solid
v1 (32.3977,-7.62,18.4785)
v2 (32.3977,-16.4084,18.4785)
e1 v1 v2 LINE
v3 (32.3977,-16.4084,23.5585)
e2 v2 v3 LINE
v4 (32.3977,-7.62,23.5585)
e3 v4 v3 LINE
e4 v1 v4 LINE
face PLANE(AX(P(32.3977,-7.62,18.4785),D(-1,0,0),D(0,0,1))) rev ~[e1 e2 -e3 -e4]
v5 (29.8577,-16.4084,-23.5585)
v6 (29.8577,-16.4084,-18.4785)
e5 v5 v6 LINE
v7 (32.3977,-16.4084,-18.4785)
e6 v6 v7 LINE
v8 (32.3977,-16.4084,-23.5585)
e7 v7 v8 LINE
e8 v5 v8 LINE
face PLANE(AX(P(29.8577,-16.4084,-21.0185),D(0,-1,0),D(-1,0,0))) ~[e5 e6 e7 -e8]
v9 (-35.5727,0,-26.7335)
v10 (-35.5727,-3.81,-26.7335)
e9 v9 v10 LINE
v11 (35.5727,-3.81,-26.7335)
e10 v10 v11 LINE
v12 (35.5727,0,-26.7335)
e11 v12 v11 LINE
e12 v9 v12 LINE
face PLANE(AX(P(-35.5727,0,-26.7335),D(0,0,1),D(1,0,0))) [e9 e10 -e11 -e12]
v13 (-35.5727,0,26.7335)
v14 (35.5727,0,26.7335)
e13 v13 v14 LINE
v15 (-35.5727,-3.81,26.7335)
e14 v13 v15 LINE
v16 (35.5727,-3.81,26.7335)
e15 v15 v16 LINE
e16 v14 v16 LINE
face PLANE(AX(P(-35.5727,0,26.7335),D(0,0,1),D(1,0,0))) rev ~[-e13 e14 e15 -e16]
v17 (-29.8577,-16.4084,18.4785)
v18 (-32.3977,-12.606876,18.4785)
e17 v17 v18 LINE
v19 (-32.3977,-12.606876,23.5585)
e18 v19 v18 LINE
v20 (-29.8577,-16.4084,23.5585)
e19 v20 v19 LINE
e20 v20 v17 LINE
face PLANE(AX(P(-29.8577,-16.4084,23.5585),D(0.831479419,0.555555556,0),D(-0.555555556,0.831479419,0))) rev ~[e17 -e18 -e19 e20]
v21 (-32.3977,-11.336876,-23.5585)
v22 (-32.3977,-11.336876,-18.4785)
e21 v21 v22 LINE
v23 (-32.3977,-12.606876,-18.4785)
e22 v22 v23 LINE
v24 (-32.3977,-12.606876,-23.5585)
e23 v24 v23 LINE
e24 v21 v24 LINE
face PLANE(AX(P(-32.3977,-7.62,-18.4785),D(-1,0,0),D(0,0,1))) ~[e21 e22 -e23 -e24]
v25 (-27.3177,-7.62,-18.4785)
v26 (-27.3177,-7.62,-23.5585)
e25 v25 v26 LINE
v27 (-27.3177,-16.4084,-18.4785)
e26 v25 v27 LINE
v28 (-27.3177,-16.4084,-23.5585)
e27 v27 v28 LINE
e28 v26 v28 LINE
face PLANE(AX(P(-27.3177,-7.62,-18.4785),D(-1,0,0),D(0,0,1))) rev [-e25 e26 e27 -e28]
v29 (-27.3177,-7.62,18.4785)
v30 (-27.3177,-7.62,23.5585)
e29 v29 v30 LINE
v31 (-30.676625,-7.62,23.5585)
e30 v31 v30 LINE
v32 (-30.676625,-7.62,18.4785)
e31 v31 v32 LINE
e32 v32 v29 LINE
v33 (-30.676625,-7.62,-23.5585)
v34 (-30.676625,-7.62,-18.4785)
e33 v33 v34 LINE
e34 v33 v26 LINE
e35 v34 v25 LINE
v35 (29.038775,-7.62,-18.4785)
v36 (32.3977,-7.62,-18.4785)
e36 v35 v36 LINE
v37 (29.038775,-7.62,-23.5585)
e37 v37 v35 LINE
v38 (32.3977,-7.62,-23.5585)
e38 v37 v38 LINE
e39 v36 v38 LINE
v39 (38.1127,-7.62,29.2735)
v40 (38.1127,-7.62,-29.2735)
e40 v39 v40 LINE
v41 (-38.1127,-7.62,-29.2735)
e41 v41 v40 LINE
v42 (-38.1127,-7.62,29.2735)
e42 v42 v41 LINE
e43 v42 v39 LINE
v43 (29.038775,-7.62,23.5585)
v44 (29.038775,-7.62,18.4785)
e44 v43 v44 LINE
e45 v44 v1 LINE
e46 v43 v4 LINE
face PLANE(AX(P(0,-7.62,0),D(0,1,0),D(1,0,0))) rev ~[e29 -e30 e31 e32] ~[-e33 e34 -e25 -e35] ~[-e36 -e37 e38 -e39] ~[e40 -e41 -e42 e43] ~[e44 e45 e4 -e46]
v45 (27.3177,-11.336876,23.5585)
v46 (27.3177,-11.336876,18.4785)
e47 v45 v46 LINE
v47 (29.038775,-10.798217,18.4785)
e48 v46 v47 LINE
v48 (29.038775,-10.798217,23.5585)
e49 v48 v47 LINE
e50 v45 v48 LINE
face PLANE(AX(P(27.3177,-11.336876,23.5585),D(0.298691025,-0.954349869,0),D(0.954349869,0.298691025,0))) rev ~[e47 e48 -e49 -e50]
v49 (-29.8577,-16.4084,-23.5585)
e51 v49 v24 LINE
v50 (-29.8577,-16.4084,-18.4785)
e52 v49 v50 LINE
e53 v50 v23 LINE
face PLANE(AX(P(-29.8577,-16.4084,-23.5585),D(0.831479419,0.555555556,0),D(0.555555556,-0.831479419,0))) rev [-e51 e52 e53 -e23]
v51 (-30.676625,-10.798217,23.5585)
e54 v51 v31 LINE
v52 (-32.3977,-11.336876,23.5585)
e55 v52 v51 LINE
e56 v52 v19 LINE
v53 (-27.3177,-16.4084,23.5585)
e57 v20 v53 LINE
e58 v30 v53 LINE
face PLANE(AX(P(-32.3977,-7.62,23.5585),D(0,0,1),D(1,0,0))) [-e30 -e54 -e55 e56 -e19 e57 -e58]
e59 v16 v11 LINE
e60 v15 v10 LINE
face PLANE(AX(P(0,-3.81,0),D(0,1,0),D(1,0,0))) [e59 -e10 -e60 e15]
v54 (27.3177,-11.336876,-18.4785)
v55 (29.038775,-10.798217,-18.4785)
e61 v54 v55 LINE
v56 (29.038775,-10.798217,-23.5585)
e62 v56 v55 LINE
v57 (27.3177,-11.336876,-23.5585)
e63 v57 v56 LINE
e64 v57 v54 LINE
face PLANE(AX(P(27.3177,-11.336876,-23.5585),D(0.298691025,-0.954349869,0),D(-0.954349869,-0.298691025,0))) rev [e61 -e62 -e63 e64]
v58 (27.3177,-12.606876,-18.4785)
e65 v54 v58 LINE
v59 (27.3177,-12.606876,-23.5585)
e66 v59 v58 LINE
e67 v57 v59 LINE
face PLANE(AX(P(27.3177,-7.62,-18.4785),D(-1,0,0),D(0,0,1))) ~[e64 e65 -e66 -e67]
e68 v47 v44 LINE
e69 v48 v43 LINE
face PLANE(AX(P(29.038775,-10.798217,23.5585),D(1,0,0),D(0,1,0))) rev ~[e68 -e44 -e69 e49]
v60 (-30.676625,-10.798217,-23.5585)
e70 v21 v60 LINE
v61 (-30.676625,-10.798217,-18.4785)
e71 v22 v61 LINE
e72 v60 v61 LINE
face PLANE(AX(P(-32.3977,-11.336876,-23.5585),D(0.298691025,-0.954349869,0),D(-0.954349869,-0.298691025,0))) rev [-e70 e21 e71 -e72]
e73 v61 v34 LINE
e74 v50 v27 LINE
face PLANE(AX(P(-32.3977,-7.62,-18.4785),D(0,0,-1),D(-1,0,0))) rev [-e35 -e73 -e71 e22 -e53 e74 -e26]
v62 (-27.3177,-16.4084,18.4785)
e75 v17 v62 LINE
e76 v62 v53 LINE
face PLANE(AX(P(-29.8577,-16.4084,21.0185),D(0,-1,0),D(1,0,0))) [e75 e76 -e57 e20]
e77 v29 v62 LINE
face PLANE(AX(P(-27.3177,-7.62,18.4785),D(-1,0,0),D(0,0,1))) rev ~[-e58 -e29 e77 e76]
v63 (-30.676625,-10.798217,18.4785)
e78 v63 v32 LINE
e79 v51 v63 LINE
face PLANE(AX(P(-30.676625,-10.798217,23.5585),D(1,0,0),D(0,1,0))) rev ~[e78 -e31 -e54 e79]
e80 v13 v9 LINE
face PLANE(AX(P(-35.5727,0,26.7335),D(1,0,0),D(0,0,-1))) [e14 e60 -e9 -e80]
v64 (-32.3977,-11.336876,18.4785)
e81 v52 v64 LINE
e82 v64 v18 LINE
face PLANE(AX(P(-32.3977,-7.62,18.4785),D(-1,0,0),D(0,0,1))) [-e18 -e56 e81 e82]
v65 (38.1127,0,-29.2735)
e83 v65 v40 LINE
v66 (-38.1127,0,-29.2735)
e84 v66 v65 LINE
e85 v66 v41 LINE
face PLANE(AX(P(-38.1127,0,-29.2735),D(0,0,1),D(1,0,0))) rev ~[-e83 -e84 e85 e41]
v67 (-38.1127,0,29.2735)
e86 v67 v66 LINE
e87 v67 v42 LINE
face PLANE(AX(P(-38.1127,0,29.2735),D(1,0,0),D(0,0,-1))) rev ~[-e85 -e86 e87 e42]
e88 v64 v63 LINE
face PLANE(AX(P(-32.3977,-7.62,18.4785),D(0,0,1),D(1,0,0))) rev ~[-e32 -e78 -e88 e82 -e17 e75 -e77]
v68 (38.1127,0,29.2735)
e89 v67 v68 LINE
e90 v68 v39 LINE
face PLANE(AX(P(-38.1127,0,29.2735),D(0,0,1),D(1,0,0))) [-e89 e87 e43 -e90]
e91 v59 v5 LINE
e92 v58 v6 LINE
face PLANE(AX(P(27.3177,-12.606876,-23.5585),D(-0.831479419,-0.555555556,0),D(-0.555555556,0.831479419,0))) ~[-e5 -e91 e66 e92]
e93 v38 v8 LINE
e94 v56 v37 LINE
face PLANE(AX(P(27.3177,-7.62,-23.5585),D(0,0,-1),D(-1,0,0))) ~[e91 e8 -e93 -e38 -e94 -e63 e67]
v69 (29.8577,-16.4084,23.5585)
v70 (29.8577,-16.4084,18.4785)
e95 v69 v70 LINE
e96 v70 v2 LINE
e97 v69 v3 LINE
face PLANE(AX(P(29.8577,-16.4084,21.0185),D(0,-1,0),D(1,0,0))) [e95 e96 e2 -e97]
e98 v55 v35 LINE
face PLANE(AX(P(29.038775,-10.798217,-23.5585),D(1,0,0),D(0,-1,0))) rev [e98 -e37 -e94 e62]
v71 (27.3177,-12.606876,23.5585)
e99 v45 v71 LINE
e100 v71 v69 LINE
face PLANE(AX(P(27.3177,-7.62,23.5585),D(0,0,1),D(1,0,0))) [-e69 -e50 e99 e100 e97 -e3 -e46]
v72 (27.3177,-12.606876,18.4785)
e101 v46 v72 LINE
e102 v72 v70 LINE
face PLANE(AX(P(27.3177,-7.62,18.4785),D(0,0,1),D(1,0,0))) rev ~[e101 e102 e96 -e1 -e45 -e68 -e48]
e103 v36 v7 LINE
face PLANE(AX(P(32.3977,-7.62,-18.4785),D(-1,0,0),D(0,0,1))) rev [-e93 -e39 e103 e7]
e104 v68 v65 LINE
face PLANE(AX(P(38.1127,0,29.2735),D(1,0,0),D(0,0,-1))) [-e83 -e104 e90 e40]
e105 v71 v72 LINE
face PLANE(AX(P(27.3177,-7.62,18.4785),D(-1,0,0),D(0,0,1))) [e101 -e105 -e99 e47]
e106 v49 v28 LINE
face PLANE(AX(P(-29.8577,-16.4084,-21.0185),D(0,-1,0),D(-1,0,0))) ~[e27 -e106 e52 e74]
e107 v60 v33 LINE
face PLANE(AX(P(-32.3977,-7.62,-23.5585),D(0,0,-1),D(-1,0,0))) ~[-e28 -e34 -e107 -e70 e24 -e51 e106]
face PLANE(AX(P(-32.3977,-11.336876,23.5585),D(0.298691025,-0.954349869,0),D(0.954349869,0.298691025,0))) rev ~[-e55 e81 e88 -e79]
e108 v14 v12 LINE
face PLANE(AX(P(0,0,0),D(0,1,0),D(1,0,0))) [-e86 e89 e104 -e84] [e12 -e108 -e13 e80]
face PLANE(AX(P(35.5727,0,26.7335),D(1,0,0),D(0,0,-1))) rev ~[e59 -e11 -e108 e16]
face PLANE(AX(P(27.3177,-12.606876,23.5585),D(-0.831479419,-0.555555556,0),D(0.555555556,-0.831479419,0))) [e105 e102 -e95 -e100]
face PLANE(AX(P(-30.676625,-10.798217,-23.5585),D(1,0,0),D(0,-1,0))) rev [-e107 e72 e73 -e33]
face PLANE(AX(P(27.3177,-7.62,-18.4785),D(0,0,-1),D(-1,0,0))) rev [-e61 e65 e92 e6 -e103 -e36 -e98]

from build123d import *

# Parameters (mm, degrees)
SKETCH2_W           = 76.2254
SKETCH2_H           = 58.547
BOSS_EXTRUDE1_DEPTH = 7.62
SKETCH3_W           = 71.1454
SKETCH3_H           = 53.467
CUT_EXTRUDE2_DEPTH  = 3.81
SKETCH4_W           = 5.08
SKETCH4_H           = 5.08
BOSS_EXTRUDE2_DEPTH = 8.7884
CUT_EXTRUDE3_DEPTH  = 5.08


with BuildPart() as part:
    # Sketch2 → Boss-Extrude1 (new body)
    with BuildSketch(Plane(origin=(0, 0, 0), x_dir=(1, 0, 0), z_dir=(0, 1, 0))):
        Rectangle(SKETCH2_W, SKETCH2_H)
    extrude(amount=-BOSS_EXTRUDE1_DEPTH)

    # Sketch3 → Cut-Extrude2 (cut)
    with BuildSketch(Plane(origin=(0, 0, 0), x_dir=(1, 0, 0), z_dir=(0, 1, 0))):
        Rectangle(SKETCH3_W, SKETCH3_H)
    extrude(amount=-CUT_EXTRUDE2_DEPTH, mode=Mode.SUBTRACT)

    # Sketch4 → Boss-Extrude2 (add)
    with BuildSketch(Plane.XZ.offset(7.62)):
        with Locations((-29.8577, 21.0185)):
            Rectangle(SKETCH4_W, SKETCH4_H)
        with Locations((29.8577, 21.0185)):
            Rectangle(SKETCH4_W, SKETCH4_H)
    boss_extrude2 = extrude(amount=BOSS_EXTRUDE2_DEPTH)

    # Sketch5 → Cut-Extrude3 (cut)
    with BuildSketch(Plane.XY.offset(23.5585)):
        Polygon((29.8577, -16.4084), (27.3177, -16.4084), (27.3177, -12.606876095), align=None)
        Polygon((-29.8577, -16.4084), (-32.3977, -12.606876095), (-32.3977, -16.4084), align=None)
        Polygon((27.3177, -7.62), (27.3177, -11.336876095), (29.038774553, -10.798216701), (29.038774553, -7.62), align=None)
        Polygon((-32.3977, -11.336876095), (-30.676625447, -10.798216701), (-30.676625447, -7.62), (-32.3977, -7.62), align=None)
    cut_extrude3 = extrude(amount=-CUT_EXTRUDE3_DEPTH, mode=Mode.SUBTRACT)

    # Mirror1: Boss-Extrude2, Cut-Extrude3 across plane
    add(boss_extrude2.mirror(Plane.XY))
    add(cut_extrude3.mirror(Plane.XY), mode=Mode.SUBTRACT)


solid = part.part
